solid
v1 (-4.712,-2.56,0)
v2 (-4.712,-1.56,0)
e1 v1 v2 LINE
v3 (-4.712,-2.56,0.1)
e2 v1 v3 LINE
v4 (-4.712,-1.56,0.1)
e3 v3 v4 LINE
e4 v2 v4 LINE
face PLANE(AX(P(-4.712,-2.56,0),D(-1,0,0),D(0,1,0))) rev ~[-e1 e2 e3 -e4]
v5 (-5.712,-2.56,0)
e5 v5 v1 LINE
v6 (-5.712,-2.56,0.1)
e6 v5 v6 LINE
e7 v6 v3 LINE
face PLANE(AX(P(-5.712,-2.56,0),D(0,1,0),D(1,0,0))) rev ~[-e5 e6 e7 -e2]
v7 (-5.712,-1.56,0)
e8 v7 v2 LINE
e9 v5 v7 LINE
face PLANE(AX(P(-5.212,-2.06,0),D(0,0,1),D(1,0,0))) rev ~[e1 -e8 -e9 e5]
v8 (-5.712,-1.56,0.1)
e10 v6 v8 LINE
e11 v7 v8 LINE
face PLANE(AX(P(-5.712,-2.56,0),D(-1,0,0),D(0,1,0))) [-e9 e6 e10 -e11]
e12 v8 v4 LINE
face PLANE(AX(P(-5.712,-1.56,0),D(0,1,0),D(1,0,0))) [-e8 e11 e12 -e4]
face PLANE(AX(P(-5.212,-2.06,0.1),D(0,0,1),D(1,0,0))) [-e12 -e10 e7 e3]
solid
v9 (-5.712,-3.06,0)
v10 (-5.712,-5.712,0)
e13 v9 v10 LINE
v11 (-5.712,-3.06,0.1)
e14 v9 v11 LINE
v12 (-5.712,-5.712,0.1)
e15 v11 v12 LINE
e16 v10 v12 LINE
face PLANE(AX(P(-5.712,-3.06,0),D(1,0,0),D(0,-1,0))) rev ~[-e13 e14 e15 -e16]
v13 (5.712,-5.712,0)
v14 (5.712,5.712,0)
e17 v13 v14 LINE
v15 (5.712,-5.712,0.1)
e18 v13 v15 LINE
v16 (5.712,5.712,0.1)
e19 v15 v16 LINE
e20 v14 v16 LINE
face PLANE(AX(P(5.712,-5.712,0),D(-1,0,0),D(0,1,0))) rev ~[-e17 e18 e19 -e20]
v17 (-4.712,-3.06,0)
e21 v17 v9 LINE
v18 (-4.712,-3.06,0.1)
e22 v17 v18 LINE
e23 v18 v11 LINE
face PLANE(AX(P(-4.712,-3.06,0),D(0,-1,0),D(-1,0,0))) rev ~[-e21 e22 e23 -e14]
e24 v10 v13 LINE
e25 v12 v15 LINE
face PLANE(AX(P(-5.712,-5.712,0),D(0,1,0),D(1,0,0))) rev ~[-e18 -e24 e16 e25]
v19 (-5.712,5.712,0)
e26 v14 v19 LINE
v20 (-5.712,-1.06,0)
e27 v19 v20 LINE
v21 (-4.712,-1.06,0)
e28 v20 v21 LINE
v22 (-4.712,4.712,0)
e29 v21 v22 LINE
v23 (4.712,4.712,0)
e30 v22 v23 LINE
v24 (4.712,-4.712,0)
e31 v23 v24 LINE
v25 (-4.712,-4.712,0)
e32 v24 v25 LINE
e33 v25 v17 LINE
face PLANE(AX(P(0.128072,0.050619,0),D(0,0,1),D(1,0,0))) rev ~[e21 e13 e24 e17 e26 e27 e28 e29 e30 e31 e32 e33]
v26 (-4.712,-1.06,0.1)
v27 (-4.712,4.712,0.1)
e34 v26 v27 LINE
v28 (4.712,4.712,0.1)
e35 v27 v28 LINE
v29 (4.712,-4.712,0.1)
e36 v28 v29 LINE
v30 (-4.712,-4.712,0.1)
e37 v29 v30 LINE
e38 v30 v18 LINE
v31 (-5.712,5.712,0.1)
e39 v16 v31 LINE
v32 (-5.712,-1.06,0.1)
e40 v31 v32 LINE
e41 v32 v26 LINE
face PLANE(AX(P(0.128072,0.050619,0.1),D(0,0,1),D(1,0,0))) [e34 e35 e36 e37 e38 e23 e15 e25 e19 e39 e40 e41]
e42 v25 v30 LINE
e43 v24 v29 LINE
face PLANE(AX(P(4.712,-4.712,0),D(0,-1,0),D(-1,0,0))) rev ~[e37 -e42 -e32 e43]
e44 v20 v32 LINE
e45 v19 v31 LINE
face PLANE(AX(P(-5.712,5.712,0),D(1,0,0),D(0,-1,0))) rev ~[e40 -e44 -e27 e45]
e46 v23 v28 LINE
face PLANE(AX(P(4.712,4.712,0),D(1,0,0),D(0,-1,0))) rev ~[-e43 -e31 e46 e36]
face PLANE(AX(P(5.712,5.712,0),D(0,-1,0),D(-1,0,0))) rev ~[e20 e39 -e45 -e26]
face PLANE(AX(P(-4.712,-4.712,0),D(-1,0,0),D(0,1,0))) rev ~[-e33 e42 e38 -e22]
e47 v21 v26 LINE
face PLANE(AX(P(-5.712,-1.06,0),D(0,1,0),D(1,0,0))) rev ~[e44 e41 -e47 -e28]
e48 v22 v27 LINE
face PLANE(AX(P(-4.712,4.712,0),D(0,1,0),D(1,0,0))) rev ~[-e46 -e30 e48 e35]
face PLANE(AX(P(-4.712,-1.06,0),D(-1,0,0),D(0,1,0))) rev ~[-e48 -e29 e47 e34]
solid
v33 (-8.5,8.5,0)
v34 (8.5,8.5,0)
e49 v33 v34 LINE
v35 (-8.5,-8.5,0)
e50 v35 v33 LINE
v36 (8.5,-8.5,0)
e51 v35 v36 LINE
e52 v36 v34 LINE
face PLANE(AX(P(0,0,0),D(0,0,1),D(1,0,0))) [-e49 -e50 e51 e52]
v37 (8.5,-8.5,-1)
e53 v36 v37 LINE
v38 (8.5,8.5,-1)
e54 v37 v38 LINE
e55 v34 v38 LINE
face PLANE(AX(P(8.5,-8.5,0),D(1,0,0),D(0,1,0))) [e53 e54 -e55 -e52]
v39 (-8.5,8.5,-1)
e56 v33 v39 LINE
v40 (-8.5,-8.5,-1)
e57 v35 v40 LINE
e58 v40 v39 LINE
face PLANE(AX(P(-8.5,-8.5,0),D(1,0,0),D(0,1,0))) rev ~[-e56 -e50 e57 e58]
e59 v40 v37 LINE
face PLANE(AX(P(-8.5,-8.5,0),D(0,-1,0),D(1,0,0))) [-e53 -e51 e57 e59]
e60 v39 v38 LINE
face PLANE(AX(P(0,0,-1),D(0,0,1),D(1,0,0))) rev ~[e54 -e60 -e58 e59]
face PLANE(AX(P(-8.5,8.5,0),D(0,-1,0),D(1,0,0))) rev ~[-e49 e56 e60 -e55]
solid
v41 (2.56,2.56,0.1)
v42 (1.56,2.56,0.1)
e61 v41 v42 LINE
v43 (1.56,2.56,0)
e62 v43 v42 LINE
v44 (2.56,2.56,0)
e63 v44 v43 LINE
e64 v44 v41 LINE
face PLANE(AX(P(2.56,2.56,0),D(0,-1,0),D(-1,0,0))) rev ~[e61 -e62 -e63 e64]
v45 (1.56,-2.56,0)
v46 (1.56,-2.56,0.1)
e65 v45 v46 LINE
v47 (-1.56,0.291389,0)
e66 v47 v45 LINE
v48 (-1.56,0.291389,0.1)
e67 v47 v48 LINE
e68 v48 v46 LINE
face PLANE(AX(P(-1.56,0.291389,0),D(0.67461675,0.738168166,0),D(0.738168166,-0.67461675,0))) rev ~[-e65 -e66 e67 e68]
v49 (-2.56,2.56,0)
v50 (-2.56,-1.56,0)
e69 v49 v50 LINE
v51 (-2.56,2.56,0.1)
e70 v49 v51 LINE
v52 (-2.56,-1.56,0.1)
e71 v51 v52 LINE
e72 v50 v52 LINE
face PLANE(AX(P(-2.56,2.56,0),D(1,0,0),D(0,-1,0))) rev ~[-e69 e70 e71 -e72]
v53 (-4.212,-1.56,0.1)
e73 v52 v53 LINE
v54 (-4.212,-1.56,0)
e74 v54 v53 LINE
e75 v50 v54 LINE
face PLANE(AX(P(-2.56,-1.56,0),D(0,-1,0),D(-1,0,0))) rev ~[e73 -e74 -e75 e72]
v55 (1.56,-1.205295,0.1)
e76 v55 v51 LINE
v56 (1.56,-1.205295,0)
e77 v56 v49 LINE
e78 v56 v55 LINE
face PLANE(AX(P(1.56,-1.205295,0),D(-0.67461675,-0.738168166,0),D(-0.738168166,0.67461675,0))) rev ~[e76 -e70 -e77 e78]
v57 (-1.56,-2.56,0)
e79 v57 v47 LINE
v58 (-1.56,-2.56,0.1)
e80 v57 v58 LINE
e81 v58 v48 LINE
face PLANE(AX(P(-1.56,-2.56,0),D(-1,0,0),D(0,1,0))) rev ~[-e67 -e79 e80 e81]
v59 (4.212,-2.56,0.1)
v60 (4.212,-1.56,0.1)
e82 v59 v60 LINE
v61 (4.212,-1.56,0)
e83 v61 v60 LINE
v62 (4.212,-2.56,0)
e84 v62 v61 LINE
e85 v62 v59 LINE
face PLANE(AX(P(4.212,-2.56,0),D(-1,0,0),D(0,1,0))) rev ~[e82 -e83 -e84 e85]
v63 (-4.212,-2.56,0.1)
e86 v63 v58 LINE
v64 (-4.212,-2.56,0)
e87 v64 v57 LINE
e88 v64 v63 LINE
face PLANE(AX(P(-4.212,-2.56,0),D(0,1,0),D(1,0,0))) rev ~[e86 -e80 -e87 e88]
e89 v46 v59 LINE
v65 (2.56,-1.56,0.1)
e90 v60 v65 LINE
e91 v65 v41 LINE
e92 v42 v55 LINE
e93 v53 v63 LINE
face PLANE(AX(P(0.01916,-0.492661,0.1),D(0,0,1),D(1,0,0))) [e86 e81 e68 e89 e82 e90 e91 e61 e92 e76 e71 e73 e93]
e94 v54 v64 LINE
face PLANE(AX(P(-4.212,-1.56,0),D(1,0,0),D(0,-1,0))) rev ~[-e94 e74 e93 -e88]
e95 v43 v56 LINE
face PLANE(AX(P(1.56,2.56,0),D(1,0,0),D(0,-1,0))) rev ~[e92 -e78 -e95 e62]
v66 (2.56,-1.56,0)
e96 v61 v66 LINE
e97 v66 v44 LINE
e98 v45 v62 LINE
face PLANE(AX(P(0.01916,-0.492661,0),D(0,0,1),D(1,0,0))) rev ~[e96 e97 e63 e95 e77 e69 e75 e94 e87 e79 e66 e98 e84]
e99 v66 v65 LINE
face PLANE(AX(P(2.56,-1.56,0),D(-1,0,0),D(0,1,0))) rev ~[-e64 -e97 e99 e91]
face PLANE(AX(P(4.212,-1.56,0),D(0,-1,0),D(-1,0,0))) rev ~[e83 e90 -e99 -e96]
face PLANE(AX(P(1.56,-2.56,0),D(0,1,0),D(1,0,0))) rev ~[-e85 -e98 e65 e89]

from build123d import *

# Parameters (mm, degrees)
F1_DEPTH = 0.1
F0_W     = 1
F0_H     = 1
F2_W     = 17
F2_H     = 17
F3_DEPTH = 1


with BuildPart() as f1:
    # F0 (on Top) → F1 (new body)
    with BuildSketch(Plane.XY):
        Polygon((5.712, 5.712), (-5.712, 5.712), (-5.712, -1.06), (-4.712, -1.06), (-4.712, 4.712), (4.712, 4.712), (4.712, -4.712), (-4.712, -4.712), (-4.712, -3.06), (-5.712, -3.06), (-5.712, -5.712), (5.712, -5.712), align=None)
    extrude(amount=F1_DEPTH)


with BuildPart() as f1b:
    # F0 (on Top) → F1, piece 2 (new body)
    with BuildSketch(Plane.XY):
        with Locations((-5.212, -2.06)):
            Rectangle(F0_W, F0_H)
    extrude(amount=F1_DEPTH)


with BuildPart() as f1c:
    # F0 (on Top) → F1, piece 3 (new body)
    with BuildSketch(Plane.XY):
        Polygon((-4.212, -1.56), (-4.212, -2.56), (-1.56, -2.56), (-1.56, 0.2913885544), (1.56, -2.56), (4.212, -2.56), (4.212, -1.56), (2.56, -1.56), (2.56, 2.56), (1.56, 2.56), (1.56, -1.2052951423), (-2.56, 2.56), (-2.56, -1.56), align=None)
    extrude(amount=F1_DEPTH)


with BuildPart() as f3:
    # F2 (on Top) → F3 (new body)
    with BuildSketch(Plane.XY):
        Rectangle(F2_W, F2_H)
    extrude(amount=-F3_DEPTH)


solid = Compound([f1.part, f1b.part, f1c.part, f3.part])
